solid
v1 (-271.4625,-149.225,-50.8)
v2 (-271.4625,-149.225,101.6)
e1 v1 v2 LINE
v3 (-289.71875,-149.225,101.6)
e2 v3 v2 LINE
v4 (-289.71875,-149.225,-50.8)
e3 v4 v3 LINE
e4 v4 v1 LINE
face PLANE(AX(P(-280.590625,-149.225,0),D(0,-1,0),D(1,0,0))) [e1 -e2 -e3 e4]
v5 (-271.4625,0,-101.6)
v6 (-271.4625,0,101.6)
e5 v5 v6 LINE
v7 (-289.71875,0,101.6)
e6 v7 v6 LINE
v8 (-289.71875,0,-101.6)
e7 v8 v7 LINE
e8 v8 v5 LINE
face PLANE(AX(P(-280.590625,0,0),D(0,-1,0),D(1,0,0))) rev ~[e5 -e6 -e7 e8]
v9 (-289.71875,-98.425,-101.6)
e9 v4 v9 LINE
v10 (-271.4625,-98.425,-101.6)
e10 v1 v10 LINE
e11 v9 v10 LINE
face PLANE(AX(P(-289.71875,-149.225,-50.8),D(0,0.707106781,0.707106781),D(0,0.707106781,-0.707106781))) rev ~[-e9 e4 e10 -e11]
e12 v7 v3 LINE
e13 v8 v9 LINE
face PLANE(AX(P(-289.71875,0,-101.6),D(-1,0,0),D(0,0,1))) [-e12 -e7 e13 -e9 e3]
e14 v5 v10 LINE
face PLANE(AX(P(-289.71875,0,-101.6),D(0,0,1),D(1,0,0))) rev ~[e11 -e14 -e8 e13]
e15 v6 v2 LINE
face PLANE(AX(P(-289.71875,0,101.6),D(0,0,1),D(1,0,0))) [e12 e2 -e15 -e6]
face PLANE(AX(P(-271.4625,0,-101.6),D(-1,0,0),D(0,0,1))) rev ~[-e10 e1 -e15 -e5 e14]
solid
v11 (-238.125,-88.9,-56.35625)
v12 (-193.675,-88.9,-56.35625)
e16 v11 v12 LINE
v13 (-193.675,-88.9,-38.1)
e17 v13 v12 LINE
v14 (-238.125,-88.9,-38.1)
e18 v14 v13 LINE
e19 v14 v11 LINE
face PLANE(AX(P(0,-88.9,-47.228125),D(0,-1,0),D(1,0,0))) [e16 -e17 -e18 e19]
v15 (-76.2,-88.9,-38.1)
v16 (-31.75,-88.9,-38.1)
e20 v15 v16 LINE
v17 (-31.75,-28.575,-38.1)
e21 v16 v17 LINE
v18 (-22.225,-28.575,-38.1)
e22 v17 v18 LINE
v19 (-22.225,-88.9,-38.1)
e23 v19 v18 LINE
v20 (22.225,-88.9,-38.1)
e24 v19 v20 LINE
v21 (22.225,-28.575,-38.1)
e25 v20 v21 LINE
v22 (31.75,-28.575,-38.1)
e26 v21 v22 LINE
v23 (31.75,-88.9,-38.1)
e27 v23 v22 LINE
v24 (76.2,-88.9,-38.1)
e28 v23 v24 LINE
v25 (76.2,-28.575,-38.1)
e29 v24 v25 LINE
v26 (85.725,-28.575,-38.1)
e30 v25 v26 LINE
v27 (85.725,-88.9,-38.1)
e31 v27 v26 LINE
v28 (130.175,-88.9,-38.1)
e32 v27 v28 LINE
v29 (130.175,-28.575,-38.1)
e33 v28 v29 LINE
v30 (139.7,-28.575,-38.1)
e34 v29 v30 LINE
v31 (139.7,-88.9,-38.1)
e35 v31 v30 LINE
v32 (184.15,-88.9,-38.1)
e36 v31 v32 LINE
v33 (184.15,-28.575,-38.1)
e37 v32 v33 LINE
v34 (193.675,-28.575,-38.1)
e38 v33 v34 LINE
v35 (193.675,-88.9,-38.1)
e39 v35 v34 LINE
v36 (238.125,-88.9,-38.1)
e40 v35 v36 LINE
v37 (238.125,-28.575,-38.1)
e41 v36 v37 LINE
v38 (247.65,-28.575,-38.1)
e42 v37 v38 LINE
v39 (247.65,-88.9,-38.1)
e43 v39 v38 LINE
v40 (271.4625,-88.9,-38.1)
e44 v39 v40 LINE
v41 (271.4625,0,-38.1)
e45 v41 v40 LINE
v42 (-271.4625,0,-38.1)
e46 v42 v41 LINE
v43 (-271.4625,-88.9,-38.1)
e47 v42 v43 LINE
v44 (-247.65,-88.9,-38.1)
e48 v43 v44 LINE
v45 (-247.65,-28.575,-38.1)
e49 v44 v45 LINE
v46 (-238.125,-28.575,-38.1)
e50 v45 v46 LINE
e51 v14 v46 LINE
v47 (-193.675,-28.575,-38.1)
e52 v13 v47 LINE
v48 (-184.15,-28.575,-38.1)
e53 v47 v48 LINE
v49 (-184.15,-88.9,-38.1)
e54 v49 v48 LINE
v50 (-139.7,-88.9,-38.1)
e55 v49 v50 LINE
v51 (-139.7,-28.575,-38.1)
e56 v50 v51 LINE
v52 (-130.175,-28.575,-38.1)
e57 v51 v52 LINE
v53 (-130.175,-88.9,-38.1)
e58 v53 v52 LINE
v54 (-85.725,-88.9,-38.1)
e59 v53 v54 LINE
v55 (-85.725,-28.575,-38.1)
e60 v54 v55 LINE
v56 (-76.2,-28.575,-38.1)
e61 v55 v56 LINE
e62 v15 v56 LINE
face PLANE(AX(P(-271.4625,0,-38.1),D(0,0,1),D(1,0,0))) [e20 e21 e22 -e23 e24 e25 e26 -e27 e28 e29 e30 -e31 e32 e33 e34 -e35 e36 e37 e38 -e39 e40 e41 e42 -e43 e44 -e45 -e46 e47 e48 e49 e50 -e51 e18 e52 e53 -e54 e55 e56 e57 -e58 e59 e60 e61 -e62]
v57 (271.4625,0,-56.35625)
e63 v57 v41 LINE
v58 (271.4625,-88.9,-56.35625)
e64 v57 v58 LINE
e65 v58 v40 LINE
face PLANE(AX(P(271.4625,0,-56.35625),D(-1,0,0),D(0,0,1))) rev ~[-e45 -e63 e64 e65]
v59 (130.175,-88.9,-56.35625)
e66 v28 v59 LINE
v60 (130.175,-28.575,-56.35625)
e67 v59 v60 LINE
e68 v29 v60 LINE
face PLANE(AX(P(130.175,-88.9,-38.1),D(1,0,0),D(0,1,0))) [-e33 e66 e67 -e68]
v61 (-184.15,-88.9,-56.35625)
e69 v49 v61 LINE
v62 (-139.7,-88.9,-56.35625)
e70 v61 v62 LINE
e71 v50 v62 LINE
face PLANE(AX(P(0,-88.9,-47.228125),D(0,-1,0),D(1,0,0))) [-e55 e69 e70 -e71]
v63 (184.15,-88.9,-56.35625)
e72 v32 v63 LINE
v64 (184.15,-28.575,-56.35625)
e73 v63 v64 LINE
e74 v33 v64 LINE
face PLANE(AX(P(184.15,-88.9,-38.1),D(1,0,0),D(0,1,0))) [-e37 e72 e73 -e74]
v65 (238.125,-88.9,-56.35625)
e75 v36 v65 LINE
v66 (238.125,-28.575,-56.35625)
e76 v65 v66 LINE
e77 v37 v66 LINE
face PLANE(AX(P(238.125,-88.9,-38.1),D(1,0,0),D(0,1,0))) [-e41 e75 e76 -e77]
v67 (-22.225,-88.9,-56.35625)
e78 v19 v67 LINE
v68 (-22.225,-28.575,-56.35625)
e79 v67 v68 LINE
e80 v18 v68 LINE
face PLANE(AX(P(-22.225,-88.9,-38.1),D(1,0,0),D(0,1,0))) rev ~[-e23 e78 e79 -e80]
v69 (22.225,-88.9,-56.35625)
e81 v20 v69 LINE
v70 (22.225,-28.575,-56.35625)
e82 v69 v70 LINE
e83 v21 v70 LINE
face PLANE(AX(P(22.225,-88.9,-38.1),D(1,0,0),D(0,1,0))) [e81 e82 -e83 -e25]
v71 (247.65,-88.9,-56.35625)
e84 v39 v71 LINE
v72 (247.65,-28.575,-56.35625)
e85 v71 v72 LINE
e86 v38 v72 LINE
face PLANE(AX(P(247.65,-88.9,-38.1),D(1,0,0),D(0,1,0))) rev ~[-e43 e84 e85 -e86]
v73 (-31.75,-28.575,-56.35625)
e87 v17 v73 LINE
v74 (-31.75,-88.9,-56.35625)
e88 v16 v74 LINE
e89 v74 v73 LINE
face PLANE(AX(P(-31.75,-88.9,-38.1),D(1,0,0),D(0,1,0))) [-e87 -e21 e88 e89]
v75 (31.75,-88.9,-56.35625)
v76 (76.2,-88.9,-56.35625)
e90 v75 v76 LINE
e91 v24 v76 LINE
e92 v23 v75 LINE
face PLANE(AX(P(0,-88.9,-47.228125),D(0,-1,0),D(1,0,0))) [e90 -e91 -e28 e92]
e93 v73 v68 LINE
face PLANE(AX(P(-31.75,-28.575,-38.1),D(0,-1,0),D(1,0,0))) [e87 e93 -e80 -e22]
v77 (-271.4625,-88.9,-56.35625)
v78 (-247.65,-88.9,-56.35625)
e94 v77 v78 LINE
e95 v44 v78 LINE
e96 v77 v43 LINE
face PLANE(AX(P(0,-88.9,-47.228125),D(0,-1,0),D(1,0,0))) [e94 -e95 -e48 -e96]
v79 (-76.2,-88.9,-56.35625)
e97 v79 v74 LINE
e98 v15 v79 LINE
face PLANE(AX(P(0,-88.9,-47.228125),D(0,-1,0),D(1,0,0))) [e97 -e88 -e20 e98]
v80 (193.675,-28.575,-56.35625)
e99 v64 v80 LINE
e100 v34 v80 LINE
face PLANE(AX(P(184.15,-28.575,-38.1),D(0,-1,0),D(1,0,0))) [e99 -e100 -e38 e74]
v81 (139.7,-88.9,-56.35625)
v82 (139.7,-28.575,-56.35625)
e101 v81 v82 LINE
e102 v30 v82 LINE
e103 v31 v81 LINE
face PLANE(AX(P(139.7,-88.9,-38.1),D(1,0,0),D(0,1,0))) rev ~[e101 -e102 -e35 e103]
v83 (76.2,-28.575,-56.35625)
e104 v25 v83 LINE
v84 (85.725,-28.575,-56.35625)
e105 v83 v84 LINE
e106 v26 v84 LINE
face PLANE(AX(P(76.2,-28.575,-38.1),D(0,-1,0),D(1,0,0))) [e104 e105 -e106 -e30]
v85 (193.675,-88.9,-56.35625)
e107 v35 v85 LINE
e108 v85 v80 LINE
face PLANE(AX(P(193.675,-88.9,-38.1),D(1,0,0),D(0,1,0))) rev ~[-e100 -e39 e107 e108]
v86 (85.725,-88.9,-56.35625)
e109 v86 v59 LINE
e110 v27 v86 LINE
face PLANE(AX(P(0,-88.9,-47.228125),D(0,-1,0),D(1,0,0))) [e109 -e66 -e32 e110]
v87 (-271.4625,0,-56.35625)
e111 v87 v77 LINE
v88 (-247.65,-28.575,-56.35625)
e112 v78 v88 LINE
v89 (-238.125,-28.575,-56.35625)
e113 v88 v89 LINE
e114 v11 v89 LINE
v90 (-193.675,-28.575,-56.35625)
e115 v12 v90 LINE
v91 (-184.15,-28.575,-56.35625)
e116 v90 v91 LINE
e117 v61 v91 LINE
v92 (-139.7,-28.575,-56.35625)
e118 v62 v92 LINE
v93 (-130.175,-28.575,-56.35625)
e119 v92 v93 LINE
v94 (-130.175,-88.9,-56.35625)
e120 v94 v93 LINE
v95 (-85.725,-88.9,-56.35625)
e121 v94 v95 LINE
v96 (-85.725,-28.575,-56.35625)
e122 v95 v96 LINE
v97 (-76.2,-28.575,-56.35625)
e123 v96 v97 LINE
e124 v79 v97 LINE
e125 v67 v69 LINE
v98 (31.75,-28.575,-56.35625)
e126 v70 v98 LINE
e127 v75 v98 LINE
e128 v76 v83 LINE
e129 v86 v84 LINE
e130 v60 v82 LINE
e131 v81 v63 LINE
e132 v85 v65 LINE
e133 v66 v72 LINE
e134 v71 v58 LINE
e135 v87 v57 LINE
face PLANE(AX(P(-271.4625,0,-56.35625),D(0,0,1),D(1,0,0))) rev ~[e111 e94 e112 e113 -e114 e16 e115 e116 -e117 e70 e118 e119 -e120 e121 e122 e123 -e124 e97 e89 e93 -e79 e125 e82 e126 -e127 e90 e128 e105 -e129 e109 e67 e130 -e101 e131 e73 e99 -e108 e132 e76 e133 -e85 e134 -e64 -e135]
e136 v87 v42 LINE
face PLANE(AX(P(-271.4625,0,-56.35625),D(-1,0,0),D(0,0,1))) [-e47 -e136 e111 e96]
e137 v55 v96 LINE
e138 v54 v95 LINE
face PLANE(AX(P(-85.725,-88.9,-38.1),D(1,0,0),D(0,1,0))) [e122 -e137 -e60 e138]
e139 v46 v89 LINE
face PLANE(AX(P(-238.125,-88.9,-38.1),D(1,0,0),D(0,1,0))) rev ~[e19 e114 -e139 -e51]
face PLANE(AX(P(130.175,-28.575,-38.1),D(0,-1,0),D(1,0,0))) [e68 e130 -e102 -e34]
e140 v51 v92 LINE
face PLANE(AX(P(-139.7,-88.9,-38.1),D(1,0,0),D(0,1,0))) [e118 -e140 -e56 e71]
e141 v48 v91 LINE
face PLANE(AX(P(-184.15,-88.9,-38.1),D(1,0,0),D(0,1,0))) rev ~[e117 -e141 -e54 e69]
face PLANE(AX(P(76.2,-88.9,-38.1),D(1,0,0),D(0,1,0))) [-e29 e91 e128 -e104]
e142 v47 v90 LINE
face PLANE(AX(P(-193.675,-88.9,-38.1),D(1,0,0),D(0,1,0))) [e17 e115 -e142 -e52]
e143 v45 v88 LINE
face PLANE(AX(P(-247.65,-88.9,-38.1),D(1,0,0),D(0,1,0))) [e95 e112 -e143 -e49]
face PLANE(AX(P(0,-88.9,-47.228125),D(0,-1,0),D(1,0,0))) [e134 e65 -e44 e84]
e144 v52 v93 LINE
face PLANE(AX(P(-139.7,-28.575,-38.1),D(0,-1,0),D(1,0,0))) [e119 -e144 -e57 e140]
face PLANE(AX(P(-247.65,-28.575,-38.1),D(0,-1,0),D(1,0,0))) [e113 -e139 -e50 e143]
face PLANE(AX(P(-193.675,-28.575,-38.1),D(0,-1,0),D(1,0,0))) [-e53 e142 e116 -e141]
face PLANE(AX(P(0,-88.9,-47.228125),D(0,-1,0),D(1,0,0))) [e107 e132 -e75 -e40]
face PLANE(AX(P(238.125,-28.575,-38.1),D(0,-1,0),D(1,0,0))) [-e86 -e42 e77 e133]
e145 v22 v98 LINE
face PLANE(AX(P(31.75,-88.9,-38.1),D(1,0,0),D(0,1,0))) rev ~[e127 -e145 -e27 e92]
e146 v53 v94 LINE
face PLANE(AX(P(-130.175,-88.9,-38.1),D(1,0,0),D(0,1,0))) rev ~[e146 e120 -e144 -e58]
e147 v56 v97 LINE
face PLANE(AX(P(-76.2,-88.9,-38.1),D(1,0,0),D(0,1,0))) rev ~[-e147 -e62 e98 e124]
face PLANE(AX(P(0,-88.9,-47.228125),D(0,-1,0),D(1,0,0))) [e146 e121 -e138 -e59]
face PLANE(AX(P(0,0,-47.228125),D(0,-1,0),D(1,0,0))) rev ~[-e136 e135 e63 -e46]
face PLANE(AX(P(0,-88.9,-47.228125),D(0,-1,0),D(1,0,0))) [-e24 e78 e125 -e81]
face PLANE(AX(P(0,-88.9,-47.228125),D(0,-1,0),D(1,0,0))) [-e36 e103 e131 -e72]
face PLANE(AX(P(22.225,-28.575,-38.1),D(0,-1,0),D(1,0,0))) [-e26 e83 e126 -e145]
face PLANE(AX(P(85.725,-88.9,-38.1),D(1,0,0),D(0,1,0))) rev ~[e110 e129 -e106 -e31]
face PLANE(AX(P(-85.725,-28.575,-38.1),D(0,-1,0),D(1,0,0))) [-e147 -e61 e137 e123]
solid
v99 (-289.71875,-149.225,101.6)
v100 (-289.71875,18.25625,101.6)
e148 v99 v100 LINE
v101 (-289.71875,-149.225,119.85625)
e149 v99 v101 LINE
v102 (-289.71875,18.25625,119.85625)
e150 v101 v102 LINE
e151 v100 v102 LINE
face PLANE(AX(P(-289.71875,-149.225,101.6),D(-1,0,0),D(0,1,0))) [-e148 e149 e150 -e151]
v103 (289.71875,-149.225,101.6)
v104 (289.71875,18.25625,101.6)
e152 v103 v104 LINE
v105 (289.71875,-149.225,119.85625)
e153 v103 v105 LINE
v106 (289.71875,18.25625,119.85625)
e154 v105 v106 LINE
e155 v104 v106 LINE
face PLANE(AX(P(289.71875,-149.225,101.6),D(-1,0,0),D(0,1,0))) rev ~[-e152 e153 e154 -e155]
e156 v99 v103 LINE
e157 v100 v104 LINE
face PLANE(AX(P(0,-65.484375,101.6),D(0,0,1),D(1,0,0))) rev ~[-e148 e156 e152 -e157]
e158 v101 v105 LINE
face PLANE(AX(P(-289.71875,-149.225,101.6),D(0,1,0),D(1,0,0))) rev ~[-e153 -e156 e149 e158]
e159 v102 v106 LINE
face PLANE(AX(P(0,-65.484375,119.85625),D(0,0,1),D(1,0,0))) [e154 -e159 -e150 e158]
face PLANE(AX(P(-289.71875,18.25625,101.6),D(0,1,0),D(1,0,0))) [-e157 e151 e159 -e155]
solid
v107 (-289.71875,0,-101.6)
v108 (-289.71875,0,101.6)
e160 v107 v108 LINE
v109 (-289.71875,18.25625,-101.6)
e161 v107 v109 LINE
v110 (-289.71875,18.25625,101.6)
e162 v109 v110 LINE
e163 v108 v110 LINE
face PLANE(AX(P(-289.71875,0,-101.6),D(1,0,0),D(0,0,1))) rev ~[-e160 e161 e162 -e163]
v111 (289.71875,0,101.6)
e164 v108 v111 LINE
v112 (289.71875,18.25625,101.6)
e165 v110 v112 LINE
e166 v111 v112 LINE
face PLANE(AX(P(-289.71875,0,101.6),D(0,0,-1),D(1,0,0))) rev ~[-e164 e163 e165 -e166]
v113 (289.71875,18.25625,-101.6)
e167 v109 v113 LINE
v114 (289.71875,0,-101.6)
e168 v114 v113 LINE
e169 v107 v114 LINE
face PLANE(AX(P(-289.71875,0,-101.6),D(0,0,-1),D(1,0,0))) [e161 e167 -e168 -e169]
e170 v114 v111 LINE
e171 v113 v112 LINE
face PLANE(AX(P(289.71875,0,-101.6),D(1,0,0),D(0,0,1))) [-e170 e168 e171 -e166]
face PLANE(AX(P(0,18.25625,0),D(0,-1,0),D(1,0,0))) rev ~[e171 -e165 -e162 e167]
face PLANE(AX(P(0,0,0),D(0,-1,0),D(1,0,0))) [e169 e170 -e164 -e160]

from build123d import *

# Parameters (mm, degrees)
F0_W      = 579.4375
F0_H      = 203.2
F1_DEPTH  = 18.25625
F2_W      = 18.25625
F2_H      = 203.2
F3_DEPTH  = 149.225
F4_W      = 579.4375
F4_H      = 167.48125
F5_DEPTH  = 18.25625
F6_W      = 542.925
F6_H      = 18.25625
F7_DEPTH  = 88.9
F8_W      = 9.525
F8_H      = 60.325
F9_DEPTH  = 63.501
F11_DEPTH = 25.4


with BuildPart() as f1:
    # F0 (on Front) → F1 (new body)
    with BuildSketch(Plane.XZ):
        Rectangle(F0_W, F0_H)
    extrude(amount=-F1_DEPTH)


with BuildPart() as f3:
    # F2 (on face) → F3 (new body)
    with BuildSketch(Plane.XZ):
        with Locations((-280.590625, 0)):
            Rectangle(F2_W, F2_H)
    extrude(amount=F3_DEPTH)

    # F10 (on face) → F11 (cut)
    with BuildSketch(Plane(origin=(-289.71875, 0, 0), x_dir=(0, -1, 0), z_dir=(-1, 0, 0))):
        Polygon((149.225, -101.6), (149.225, -50.8), (98.425, -101.6), align=None)
    extrude(amount=-F11_DEPTH, mode=Mode.SUBTRACT)


with BuildPart() as f5:
    # F4 (on face) → F5 (new body)
    with BuildSketch(Plane.XY.offset(101.6)):
        with Locations((0, -65.484375)):
            Rectangle(F4_W, F4_H)
    extrude(amount=F5_DEPTH)


with BuildPart() as f7:
    # F6 (on face) → F7 (new body)
    with BuildSketch(Plane.XZ):
        with Locations((0, -47.228125)):
            Rectangle(F6_W, F6_H)
    extrude(amount=F7_DEPTH)

    # F8 (on face) → F9 (cut, through all)
    with BuildSketch(Plane.XY.offset(-38.1)):
        with Locations((-242.8875, -58.7375)):
            Rectangle(F8_W, F8_H)
        with Locations((-188.9125, -58.7375)):
            Rectangle(F8_W, F8_H)
        with Locations((-134.9375, -58.7375)):
            Rectangle(F8_W, F8_H)
        with Locations((-80.9625, -58.7375)):
            Rectangle(F8_W, F8_H)
        with Locations((-26.9875, -58.7375)):
            Rectangle(F8_W, F8_H)
        with Locations((26.9875, -58.7375)):
            Rectangle(F8_W, F8_H)
        with Locations((80.9625, -58.7375)):
            Rectangle(F8_W, F8_H)
        with Locations((134.9375, -58.7375)):
            Rectangle(F8_W, F8_H)
        with Locations((188.9125, -58.7375)):
            Rectangle(F8_W, F8_H)
        with Locations((242.8875, -58.7375)):
            Rectangle(F8_W, F8_H)
    extrude(amount=-F9_DEPTH, mode=Mode.SUBTRACT)


solid = Compound([f1.part, f3.part, f5.part, f7.part])
